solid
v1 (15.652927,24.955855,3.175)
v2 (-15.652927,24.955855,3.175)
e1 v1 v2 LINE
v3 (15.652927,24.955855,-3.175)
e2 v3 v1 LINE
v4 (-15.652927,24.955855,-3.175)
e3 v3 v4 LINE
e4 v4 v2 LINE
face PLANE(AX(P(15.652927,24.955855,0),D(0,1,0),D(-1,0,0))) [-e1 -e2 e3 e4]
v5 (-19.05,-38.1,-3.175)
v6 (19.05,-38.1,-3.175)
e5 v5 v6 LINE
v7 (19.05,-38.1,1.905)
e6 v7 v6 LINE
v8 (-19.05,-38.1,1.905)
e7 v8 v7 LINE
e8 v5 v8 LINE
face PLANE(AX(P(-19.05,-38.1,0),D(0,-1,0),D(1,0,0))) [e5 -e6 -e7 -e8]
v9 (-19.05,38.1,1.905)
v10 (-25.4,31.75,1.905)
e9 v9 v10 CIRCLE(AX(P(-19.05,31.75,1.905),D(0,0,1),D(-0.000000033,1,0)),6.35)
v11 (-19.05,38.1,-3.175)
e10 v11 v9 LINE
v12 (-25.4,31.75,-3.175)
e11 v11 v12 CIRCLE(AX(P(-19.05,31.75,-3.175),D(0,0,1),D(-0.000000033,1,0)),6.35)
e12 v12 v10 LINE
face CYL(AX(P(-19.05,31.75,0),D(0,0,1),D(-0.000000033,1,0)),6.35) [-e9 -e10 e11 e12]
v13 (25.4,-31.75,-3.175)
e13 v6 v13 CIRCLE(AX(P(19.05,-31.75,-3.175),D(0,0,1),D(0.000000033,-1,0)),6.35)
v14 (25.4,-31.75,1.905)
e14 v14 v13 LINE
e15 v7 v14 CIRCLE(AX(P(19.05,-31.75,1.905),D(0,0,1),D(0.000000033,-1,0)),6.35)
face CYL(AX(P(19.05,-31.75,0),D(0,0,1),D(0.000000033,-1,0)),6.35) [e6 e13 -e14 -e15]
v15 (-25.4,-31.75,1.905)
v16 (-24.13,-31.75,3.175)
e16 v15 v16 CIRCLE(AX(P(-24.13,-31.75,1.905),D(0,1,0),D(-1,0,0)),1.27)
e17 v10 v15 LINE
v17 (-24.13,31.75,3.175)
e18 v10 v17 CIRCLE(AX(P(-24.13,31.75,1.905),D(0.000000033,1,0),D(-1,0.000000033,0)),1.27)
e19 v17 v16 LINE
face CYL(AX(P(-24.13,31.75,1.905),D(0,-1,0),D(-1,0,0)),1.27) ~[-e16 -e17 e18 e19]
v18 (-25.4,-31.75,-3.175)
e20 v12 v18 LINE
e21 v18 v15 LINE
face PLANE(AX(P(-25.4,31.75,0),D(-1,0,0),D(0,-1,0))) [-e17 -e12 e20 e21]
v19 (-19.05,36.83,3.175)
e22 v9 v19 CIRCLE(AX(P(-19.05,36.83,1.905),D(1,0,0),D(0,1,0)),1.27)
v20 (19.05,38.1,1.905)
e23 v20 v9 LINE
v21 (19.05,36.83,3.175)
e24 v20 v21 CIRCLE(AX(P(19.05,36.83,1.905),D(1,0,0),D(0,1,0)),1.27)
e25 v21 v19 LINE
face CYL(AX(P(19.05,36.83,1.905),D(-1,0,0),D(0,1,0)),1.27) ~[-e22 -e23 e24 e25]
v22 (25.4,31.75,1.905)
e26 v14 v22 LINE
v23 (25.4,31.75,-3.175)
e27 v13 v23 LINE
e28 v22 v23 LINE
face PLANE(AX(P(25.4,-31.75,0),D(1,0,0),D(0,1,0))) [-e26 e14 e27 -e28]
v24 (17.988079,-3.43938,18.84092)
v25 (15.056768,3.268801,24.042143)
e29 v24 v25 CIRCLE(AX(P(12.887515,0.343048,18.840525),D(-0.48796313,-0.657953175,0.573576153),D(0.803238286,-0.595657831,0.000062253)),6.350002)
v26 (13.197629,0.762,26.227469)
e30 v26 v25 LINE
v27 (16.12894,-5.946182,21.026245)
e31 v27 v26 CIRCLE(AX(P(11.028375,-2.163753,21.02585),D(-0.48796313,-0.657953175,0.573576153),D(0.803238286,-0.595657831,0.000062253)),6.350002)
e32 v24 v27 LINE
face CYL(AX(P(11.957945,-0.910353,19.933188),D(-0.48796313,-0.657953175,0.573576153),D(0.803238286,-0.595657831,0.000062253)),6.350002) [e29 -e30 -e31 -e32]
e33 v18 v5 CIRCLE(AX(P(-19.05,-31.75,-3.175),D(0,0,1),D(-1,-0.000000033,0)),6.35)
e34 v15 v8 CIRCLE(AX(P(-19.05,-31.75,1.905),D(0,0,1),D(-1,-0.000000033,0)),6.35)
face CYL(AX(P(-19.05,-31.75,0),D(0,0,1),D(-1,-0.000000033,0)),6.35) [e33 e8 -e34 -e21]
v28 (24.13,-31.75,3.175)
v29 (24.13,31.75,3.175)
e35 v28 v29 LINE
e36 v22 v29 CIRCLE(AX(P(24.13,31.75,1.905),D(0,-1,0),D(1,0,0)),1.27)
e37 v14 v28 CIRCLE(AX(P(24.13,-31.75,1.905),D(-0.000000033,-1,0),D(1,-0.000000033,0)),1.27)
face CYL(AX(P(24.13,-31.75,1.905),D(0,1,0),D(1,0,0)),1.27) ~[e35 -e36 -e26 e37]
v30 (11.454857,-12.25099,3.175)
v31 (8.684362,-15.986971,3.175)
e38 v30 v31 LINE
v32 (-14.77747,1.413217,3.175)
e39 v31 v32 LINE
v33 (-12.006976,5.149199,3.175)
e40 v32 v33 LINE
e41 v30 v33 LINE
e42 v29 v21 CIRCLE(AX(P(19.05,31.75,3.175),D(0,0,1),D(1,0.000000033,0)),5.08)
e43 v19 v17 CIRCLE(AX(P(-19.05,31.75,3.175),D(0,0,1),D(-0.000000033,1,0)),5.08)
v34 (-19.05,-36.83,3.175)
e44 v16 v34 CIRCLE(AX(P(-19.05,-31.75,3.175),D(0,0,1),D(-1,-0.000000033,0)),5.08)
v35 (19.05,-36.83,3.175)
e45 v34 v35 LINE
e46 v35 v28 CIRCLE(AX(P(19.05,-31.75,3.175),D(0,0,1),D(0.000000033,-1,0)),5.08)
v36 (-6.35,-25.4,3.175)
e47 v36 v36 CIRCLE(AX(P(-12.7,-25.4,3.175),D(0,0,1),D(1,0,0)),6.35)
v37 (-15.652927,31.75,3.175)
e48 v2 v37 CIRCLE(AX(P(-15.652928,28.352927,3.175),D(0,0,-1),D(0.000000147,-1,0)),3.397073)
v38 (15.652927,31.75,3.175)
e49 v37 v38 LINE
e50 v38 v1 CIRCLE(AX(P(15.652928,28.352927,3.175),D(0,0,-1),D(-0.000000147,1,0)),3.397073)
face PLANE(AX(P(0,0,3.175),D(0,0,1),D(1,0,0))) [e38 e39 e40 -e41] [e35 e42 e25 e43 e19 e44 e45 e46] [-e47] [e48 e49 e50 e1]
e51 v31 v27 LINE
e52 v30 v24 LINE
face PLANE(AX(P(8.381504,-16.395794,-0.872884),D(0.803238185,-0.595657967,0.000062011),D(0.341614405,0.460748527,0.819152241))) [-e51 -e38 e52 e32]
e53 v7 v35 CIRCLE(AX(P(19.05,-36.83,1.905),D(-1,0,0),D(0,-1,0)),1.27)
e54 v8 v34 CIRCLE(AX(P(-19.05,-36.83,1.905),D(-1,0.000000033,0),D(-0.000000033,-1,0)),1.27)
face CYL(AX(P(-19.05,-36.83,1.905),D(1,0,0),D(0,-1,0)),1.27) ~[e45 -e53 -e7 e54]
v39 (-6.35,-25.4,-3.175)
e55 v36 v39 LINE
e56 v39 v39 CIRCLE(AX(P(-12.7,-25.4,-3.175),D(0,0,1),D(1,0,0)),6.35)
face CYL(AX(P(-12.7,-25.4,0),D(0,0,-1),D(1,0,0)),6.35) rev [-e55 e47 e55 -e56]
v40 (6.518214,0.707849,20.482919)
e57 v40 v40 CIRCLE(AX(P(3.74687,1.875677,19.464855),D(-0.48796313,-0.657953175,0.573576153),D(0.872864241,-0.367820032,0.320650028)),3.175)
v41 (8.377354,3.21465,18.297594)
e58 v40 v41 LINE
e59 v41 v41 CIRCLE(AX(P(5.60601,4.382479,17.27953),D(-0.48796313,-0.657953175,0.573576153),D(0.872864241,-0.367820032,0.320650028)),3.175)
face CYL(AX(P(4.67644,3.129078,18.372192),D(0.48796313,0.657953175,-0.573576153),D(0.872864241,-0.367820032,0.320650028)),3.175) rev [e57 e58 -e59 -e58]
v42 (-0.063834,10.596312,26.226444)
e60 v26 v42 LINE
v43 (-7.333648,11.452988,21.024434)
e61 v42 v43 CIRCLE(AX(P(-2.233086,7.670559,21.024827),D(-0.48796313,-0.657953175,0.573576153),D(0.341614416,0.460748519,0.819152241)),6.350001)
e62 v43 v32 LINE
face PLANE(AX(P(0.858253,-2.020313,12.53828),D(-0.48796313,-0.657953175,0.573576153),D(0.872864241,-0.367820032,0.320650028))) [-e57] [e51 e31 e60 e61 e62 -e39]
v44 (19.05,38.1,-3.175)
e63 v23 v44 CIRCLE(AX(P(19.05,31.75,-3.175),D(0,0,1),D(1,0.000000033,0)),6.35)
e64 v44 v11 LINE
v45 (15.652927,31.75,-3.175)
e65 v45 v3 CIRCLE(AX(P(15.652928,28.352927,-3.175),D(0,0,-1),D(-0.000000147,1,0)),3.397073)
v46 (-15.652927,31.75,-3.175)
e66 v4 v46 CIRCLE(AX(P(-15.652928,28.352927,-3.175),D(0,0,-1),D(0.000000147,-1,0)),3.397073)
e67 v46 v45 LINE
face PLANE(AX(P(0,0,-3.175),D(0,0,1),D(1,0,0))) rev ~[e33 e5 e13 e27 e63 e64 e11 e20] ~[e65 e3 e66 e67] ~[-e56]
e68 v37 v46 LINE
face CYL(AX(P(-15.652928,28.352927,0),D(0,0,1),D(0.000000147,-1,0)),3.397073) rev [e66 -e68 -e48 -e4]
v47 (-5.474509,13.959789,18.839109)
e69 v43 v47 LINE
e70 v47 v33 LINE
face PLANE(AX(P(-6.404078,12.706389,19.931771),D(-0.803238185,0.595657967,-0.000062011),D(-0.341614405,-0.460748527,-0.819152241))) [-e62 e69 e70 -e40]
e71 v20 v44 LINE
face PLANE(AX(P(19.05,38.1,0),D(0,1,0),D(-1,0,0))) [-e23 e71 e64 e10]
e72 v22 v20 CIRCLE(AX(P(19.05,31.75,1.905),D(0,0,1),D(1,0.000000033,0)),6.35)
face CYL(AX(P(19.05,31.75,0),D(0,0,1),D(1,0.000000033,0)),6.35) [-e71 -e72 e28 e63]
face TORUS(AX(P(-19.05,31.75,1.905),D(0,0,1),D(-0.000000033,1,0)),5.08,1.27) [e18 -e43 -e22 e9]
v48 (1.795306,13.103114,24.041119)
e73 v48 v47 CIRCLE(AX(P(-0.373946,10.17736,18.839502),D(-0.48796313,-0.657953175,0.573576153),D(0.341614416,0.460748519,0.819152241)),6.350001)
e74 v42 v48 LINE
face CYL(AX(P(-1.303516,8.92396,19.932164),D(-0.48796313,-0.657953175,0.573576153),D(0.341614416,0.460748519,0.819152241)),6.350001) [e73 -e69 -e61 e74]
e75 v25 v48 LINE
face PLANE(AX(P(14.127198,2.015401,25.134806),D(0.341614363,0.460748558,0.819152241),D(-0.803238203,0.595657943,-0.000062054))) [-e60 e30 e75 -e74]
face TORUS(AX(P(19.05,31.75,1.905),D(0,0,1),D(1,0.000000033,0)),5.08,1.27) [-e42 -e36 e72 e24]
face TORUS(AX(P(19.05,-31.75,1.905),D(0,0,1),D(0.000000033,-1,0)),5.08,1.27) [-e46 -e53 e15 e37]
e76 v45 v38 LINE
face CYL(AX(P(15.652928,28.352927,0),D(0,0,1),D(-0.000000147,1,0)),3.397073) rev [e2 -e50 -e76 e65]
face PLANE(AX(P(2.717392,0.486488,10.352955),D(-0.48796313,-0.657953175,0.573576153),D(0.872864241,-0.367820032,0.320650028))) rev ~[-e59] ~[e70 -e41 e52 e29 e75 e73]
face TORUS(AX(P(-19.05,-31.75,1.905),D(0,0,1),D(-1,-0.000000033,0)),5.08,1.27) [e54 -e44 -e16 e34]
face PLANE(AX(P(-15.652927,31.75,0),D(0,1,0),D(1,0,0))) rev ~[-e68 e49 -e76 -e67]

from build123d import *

# Parameters (mm, degrees)
F2_R     = 3.175
F3_DEPTH = 1.905
F0_R     = 6.35
F4_DEPTH = 3.175
F5_R     = 1.27


with BuildPart() as f3:
    # F2 (on face) → F3 (new body, symmetric)
    with BuildSketch(Plane(origin=(-3.023974, -4.077422, 3.55453), x_dir=(0.872864, -0.36782, 0.32065), z_dir=(-0.487963, -0.657953, 0.573576))):
        with BuildLine():
            Line((-3.872431, 23.373911), (-13.813271, 0))
            Line((-13.813271, 0), (13.066727, -11.431966))
            Line((13.066727, -11.431966), (23.007567, 11.941945))
            ThreePointArc((23.007567, 11.941945), (23.05336, 16.801809), (19.649299, 20.270633))
            Line((19.649299, 20.270633), (4.456257, 26.732178))
            ThreePointArc((4.456257, 26.732178), (-0.403607, 26.777972), (-3.872431, 23.373911))
        make_face()
        with Locations((8.822005, 15.904885)):
            Circle(F2_R, mode=Mode.SUBTRACT)
    extrude(amount=F3_DEPTH, both=True)

    # F0 (on Top) → F4 (join, symmetric)
    with BuildSketch(Plane.XY):
        with BuildLine():
            Line((19.05, 38.1), (0, 38.1))
            Line((0, 38.1), (-19.05, 38.1))
            ThreePointArc((-19.05, 38.1), (-23.540128, 36.240128), (-25.4, 31.75))
            Line((-25.4, 31.75), (-25.4, 0))
            Line((-25.4, 0), (-25.4, -31.75))
            ThreePointArc((-25.4, -31.75), (-23.540128, -36.240128), (-19.05, -38.1))
            Line((-19.05, -38.1), (0, -38.1))
            Line((0, -38.1), (19.05, -38.1))
            ThreePointArc((19.05, -38.1), (23.540128, -36.240128), (25.4, -31.75))
            Line((25.4, -31.75), (25.4, 0))
            Line((25.4, 0), (25.4, 31.75))
            ThreePointArc((25.4, 31.75), (23.540128, 36.240128), (19.05, 38.1))
        make_face()
        with Locations((-12.7, -25.4)):
            Circle(F0_R, mode=Mode.SUBTRACT)
        with BuildLine():
            Line((-15.652927, 31.75), (0, 31.75))
            Line((0, 31.75), (15.652927, 31.75))
            ThreePointArc((15.652927, 31.75), (19.05, 28.352927), (15.652927, 24.955855))
            Line((15.652927, 24.955855), (0, 24.955855))
            Line((0, 24.955855), (-15.652927, 24.955855))
            ThreePointArc((-15.652927, 24.955855), (-19.05, 28.352927), (-15.652927, 31.75))
        make_face(mode=Mode.SUBTRACT)
    extrude(amount=F4_DEPTH, both=True)

    # F5
    f5_edges = [f3.edges().sort_by_distance(p)[0] for p in [
        (0, 38.1, 3.175),
        (-23.540128, 36.240128, 3.175),
        (-25.4, 0, 3.175),
        (-23.540128, -36.240128, 3.175),
        (0, -38.1, 3.175),
        (23.540128, -36.240128, 3.175),
        (25.4, 0, 3.175),
        (23.540128, 36.240128, 3.175),
    ]]
    fillet(f5_edges, radius=F5_R)


solid = f3.part
